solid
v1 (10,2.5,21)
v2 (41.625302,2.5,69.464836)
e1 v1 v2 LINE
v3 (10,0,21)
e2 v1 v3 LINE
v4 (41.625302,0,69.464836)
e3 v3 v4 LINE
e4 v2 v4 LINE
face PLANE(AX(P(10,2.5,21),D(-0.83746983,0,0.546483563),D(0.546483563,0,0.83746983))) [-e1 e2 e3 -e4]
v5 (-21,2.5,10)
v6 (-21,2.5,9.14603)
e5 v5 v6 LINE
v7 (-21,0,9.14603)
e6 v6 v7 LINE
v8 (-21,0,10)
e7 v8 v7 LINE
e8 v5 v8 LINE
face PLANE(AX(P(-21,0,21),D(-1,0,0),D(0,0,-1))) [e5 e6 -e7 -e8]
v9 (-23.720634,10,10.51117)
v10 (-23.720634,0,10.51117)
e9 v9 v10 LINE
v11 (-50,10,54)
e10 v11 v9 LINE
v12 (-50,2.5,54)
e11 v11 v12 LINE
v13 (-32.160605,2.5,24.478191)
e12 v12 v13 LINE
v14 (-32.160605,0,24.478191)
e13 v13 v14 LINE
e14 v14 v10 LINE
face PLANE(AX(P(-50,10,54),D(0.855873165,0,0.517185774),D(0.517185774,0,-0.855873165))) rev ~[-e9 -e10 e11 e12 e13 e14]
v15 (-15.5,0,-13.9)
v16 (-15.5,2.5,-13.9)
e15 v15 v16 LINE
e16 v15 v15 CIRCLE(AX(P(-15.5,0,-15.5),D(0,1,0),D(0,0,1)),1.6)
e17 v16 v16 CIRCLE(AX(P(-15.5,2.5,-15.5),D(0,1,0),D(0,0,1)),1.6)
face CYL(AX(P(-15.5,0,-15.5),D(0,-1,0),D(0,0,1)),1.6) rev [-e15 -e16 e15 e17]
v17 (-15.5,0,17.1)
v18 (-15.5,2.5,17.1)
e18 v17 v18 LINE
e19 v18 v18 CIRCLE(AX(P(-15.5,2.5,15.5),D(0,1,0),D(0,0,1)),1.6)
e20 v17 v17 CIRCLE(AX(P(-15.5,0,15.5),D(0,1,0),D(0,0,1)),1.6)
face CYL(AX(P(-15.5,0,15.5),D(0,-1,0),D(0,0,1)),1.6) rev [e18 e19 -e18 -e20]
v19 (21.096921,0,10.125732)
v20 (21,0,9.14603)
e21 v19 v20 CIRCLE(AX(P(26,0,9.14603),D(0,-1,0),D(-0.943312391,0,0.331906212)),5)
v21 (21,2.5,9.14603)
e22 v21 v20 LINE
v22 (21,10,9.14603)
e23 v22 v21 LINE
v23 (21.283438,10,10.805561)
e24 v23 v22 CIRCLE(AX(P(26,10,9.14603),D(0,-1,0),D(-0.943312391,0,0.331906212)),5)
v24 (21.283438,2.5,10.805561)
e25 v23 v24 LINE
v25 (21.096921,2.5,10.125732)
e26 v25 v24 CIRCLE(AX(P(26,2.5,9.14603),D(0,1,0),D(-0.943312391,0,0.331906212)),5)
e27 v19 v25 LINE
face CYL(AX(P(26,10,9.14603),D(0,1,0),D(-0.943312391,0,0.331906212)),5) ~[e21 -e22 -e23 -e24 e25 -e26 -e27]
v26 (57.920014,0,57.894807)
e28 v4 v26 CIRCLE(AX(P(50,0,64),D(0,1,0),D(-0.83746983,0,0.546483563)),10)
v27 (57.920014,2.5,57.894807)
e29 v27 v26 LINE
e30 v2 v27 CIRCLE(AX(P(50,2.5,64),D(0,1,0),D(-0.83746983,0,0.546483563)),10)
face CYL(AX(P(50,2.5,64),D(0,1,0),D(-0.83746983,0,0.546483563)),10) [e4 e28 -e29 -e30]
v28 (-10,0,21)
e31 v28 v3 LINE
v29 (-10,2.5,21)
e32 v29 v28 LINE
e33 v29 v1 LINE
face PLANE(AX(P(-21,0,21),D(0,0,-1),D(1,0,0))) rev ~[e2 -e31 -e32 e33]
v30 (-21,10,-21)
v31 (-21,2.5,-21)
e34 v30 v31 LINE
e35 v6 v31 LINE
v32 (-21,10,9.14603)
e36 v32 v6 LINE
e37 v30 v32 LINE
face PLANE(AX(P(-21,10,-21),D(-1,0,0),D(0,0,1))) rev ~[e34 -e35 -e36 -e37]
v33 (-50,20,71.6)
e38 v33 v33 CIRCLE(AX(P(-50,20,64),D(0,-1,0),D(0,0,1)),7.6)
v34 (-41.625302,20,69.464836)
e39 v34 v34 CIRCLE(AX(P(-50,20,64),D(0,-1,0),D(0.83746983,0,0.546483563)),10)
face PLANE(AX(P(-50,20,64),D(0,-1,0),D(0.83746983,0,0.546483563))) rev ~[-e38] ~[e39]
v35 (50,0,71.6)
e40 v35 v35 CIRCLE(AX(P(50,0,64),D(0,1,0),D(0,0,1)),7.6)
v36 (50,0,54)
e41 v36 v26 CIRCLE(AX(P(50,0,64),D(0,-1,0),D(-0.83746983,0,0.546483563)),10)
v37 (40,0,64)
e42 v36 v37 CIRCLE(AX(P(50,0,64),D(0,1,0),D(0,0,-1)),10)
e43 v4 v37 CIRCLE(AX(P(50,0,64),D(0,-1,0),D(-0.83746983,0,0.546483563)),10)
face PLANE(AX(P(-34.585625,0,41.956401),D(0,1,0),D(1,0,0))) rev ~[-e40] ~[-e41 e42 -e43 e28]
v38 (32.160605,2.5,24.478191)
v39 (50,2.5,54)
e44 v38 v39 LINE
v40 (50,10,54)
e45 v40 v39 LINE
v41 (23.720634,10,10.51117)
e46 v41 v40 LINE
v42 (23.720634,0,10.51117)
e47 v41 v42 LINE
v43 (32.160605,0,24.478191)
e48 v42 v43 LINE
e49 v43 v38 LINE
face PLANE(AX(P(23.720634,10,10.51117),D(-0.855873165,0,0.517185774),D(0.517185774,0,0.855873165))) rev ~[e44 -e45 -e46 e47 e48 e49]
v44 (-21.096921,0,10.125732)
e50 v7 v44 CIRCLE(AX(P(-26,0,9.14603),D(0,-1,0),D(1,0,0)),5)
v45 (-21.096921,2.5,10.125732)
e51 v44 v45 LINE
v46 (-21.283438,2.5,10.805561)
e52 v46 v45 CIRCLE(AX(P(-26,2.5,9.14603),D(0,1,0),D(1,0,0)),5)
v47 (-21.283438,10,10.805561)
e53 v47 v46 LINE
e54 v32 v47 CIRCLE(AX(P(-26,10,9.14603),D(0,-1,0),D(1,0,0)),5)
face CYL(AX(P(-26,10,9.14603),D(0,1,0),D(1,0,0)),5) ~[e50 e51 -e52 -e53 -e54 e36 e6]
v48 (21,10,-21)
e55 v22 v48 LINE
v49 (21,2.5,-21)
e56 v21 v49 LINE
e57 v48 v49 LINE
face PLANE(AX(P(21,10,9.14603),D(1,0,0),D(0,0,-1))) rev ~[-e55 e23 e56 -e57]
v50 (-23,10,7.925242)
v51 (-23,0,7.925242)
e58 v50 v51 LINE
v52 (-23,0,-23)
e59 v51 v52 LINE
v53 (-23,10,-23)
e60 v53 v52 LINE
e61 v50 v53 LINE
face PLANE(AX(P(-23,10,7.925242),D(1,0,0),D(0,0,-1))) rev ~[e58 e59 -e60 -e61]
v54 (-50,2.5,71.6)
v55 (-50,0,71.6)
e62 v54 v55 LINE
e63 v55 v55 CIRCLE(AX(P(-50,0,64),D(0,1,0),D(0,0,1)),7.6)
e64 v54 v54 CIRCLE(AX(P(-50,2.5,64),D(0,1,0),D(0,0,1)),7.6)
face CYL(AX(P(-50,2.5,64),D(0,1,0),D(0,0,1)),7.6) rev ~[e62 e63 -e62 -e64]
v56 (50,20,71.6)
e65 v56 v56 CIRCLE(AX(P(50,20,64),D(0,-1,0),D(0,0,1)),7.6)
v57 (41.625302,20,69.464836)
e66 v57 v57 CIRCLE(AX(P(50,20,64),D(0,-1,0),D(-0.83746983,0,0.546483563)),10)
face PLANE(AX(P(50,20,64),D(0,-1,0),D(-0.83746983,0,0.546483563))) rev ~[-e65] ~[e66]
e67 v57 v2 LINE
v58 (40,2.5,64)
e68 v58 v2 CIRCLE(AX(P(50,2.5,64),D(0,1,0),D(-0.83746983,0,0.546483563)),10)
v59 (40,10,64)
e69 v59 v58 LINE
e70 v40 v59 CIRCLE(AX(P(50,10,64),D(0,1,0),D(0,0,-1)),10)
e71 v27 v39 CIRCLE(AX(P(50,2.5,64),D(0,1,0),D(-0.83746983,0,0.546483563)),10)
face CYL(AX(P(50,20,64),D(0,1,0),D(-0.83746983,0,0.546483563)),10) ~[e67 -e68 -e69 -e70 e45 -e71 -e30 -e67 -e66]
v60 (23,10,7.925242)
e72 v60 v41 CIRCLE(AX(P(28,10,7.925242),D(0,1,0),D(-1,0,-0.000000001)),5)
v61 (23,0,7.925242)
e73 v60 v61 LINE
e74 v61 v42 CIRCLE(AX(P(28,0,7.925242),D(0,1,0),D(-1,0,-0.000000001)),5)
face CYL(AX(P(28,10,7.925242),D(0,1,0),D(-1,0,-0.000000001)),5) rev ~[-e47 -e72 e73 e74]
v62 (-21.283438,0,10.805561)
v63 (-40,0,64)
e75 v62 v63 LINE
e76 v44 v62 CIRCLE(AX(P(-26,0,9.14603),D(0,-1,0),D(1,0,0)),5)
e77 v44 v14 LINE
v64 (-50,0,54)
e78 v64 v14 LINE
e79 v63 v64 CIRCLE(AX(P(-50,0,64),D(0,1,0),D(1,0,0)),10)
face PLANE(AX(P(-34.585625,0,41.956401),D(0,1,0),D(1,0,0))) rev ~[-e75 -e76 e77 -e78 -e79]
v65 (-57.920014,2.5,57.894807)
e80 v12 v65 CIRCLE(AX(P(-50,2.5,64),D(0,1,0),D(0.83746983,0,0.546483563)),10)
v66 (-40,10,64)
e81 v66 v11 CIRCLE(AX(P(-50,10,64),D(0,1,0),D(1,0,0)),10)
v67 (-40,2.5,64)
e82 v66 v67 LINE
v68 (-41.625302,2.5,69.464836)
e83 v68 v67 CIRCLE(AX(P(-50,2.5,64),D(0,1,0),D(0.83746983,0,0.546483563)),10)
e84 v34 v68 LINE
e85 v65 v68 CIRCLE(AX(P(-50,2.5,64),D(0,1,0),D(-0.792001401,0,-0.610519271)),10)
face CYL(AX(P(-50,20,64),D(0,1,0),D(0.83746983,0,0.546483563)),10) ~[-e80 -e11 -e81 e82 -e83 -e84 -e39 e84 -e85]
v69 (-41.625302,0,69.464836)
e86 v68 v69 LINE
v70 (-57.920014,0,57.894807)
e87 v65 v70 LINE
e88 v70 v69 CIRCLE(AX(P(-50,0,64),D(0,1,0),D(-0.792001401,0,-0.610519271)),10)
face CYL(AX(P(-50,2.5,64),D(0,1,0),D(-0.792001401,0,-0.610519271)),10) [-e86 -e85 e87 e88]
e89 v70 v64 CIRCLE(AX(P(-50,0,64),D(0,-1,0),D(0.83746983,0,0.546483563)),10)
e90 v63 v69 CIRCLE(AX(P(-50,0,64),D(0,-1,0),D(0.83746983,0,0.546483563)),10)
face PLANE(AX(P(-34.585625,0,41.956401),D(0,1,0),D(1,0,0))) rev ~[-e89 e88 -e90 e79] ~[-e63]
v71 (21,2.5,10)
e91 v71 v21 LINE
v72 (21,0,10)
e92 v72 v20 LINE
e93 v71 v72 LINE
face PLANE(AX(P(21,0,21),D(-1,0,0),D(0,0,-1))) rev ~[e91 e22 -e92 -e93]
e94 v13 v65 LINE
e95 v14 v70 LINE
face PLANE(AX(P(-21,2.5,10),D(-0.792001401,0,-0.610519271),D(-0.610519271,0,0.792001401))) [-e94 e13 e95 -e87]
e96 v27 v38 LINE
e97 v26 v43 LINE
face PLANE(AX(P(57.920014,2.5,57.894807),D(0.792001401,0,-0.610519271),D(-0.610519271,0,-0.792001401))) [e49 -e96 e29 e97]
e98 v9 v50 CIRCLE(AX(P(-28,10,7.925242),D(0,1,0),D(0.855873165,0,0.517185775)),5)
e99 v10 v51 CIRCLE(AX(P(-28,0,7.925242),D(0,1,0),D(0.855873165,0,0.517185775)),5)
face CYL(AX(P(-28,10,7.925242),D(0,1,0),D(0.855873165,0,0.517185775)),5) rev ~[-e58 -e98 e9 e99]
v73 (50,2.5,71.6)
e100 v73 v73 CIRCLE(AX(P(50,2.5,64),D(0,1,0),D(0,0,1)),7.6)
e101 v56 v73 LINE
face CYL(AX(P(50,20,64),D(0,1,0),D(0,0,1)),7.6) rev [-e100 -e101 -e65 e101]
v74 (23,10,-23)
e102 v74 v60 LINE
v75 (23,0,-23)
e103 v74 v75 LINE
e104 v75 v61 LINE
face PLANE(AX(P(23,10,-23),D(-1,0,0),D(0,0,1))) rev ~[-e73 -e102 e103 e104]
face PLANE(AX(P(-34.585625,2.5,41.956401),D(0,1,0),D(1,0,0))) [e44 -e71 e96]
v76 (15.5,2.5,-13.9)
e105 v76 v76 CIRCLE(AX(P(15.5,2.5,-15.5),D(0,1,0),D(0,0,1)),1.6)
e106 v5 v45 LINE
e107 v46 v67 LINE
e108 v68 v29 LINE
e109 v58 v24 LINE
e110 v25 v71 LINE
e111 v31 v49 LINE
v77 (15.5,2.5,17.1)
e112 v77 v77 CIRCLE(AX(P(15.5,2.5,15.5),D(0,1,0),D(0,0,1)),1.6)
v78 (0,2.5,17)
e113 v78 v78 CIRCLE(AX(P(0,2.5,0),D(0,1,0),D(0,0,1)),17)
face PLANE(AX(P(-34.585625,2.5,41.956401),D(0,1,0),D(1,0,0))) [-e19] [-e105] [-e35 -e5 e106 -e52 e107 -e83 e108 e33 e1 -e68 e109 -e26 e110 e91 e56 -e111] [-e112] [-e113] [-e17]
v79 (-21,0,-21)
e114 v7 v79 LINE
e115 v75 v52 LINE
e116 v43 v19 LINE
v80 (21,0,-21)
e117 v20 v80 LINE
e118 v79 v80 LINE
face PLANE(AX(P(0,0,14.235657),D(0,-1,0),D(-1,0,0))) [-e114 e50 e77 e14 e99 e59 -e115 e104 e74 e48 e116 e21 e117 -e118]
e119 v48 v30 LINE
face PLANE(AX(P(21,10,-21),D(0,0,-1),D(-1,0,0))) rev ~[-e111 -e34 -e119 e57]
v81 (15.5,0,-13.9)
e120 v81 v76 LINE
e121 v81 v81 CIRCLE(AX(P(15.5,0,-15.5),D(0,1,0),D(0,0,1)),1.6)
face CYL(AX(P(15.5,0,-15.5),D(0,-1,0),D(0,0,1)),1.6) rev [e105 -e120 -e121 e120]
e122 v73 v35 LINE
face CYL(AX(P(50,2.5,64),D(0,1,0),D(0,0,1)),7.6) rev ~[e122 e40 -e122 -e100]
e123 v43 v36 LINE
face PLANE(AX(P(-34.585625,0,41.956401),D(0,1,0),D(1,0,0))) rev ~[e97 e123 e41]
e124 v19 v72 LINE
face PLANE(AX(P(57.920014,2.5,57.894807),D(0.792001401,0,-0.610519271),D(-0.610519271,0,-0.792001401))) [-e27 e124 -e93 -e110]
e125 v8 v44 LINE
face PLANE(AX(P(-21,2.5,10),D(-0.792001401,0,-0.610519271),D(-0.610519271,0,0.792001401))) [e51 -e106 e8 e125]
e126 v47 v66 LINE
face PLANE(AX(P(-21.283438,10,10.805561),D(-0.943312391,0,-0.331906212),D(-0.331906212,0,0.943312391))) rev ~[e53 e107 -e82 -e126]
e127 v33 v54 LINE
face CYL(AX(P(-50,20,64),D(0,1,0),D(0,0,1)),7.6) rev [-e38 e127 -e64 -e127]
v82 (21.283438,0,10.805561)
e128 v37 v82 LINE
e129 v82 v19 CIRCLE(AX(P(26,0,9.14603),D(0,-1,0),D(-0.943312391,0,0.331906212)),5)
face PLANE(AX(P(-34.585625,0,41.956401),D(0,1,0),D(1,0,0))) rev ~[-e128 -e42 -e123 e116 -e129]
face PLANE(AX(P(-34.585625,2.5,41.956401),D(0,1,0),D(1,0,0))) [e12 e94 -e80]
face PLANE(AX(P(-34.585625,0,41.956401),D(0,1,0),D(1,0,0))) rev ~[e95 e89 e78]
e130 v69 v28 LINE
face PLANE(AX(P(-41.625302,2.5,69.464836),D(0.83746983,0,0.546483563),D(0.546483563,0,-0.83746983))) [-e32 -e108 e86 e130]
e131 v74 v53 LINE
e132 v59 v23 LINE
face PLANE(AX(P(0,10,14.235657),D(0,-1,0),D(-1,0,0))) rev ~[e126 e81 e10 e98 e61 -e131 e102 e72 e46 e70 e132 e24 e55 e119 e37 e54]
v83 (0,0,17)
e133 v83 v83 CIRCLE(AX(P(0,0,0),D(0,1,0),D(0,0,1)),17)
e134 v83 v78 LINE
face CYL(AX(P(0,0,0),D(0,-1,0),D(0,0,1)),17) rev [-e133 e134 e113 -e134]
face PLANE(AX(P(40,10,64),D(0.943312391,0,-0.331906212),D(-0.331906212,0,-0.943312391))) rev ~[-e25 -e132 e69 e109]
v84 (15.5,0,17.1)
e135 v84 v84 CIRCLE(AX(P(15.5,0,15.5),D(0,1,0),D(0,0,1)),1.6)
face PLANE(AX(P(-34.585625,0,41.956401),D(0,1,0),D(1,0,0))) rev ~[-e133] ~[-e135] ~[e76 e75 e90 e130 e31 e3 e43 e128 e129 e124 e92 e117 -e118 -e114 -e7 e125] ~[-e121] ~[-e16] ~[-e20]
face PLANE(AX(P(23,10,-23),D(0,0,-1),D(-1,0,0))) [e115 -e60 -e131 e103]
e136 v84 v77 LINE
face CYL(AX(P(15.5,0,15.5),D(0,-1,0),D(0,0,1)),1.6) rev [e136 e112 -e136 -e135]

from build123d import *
from build123d.topology import SkipClean

# Parameters (mm, degrees)
SKETCH_6_W       = 42
SKETCH_6_H       = 42
SKETCH_6_R       = 1.6
SKETCH_6_R_2     = 17
EXTRUDE_1_DEPTH  = 2.5
SKETCH_7_R       = 7.6
EXTRUDE_5_DEPTH  = 2.5
EXTRUDE_START    = -20
SKETCH_9_R       = 10
SKETCH_9_R_2     = 7.6
EXTRUDE_7_DEPTH  = 20
EXTRUDE_START_2  = 10
EXTRUDE_11_DEPTH = 10


with BuildPart() as part:
    # 草图6 → 凸台-拉伸1 (new body)
    with BuildSketch(Plane(origin=(0, 0, 0), x_dir=(1, 0, 0), z_dir=(0, 1, 0))):
        Rectangle(SKETCH_6_W, SKETCH_6_H)
        with Locations(Location((15.5, 15.5, 0), (0, 0, 270))):
            Circle(SKETCH_6_R, mode=Mode.SUBTRACT)
        with Locations(Location((-15.5, 15.5, 0), (0, 0, 270))):
            Circle(SKETCH_6_R, mode=Mode.SUBTRACT)
        with Locations(Location((-15.5, -15.5, 0), (0, 0, 270))):
            Circle(SKETCH_6_R, mode=Mode.SUBTRACT)
        with Locations(Location((15.5, -15.5, 0), (0, 0, 270))):
            Circle(SKETCH_6_R, mode=Mode.SUBTRACT)
        with Locations(Location((0, 0, 0), (0, 0, 270))):
            Circle(SKETCH_6_R_2, mode=Mode.SUBTRACT)
    extrude(amount=EXTRUDE_1_DEPTH)

    # 草图7 → 凸台-拉伸5 (add)
    # profile 1 of 2: a face of its own
    with BuildSketch(Plane(origin=(0, 2.5, 0), x_dir=(1, 0, 0), z_dir=(0, 1, 0))):
        with BuildLine():
            Line((-21, -21), (-21, -10))
            Line((-21, -10), (-57.920014013, -57.894807289))
            ThreePointArc((-57.920014013, -57.894807289), (-55.789479543, -72.15364499), (-41.625301702, -69.464835626))
            Line((-41.625301702, -69.464835626), (-10, -21))
            Line((-10, -21), (-21, -21))
        make_face()
        with Locations(Location((-50, -64, 0), (0, 0, 270))):
            Circle(SKETCH_7_R, mode=Mode.SUBTRACT)
    # profile 2 of 2: a face of its own
    with BuildSketch(Plane(origin=(0, 2.5, 0), x_dir=(1, 0, 0), z_dir=(0, 1, 0))):
        with BuildLine():
            Line((57.920014013, -57.894807289), (21, -10))
            Line((21, -10), (21, -21))
            Line((21, -21), (10, -21))
            Line((10, -21), (41.625301702, -69.464835626))
            ThreePointArc((41.625301702, -69.464835626), (55.789479543, -72.15364499), (57.920014013, -57.894807289))
        make_face()
        with Locations(Location((50, -64, 0), (0, 0, 270))):
            Circle(SKETCH_7_R, mode=Mode.SUBTRACT)
    extrude(amount=-EXTRUDE_5_DEPTH)

    # 草图9 → 凸台-拉伸7 (add)
    # profile 1 of 2: a face of its own
    with SkipClean():  # the faces are left unmerged after this step: merging them gives an invalid solid
        with BuildSketch(Plane(origin=(0, 0, 0), x_dir=(-1, 0, 0), z_dir=(0, -1, 0)).offset(EXTRUDE_START)):
            with Locations(Location((50, -64, 0), (0, 0, 213.126103521))):
                Circle(SKETCH_9_R)
            with Locations(Location((50, -64, 0), (0, 0, 270))):
                Circle(SKETCH_9_R_2, mode=Mode.SUBTRACT)
        # profile 2 of 2: a face of its own
        with BuildSketch(Plane(origin=(0, 0, 0), x_dir=(-1, 0, 0), z_dir=(0, -1, 0)).offset(EXTRUDE_START)):
            with Locations(Location((-50, -64, 0), (0, 0, 326.873896479))):
                Circle(SKETCH_9_R)
            with Locations(Location((-50, -64, 0), (0, 0, 270))):
                Circle(SKETCH_9_R_2, mode=Mode.SUBTRACT)
        extrude(amount=EXTRUDE_7_DEPTH)

    # 草图10 → 凸台-拉伸11 (add)
    with SkipClean():  # the faces are left unmerged after this step: merging them gives an invalid solid
        with BuildSketch(Plane(origin=(0, 0, 0), x_dir=(1, 0, 0), z_dir=(0, 1, 0)).offset(EXTRUDE_START_2)):
            with BuildLine():
                Line((-50, -54), (-23.720634175, -10.511170428))
                ThreePointArc((-23.720634175, -10.511170428), (-23.18352675, -9.267473069), (-23, -7.925241555))
                Line((-23, -7.925241555), (-23, 23))
                Line((-23, 23), (0, 23))
                Line((0, 23), (23, 23))
                Line((23, 23), (23, -7.925241555))
                ThreePointArc((23, -7.925241555), (23.18352675, -9.267473069), (23.720634175, -10.511170428))
                Line((23.720634175, -10.511170428), (50, -54))
                ThreePointArc((50, -54), (42.928932188, -56.928932188), (40, -64))
                Line((40, -64), (21.283438046, -10.805560762))
                ThreePointArc((21.283438046, -10.805560762), (21.071368863, -9.987810622), (21, -9.146029704))
                Line((21, -9.146029704), (21, 21))
                Line((21, 21), (-21, 21))
                Line((-21, 21), (-21, -9.146029704))
                ThreePointArc((-21, -9.146029704), (-21.071368863, -9.987810622), (-21.283438046, -10.805560762))
                Line((-21.283438046, -10.805560762), (-40, -64))
                ThreePointArc((-40, -64), (-42.928932188, -56.928932188), (-50, -54))
            make_face()
        extrude(amount=-EXTRUDE_11_DEPTH)


solid = part.part
